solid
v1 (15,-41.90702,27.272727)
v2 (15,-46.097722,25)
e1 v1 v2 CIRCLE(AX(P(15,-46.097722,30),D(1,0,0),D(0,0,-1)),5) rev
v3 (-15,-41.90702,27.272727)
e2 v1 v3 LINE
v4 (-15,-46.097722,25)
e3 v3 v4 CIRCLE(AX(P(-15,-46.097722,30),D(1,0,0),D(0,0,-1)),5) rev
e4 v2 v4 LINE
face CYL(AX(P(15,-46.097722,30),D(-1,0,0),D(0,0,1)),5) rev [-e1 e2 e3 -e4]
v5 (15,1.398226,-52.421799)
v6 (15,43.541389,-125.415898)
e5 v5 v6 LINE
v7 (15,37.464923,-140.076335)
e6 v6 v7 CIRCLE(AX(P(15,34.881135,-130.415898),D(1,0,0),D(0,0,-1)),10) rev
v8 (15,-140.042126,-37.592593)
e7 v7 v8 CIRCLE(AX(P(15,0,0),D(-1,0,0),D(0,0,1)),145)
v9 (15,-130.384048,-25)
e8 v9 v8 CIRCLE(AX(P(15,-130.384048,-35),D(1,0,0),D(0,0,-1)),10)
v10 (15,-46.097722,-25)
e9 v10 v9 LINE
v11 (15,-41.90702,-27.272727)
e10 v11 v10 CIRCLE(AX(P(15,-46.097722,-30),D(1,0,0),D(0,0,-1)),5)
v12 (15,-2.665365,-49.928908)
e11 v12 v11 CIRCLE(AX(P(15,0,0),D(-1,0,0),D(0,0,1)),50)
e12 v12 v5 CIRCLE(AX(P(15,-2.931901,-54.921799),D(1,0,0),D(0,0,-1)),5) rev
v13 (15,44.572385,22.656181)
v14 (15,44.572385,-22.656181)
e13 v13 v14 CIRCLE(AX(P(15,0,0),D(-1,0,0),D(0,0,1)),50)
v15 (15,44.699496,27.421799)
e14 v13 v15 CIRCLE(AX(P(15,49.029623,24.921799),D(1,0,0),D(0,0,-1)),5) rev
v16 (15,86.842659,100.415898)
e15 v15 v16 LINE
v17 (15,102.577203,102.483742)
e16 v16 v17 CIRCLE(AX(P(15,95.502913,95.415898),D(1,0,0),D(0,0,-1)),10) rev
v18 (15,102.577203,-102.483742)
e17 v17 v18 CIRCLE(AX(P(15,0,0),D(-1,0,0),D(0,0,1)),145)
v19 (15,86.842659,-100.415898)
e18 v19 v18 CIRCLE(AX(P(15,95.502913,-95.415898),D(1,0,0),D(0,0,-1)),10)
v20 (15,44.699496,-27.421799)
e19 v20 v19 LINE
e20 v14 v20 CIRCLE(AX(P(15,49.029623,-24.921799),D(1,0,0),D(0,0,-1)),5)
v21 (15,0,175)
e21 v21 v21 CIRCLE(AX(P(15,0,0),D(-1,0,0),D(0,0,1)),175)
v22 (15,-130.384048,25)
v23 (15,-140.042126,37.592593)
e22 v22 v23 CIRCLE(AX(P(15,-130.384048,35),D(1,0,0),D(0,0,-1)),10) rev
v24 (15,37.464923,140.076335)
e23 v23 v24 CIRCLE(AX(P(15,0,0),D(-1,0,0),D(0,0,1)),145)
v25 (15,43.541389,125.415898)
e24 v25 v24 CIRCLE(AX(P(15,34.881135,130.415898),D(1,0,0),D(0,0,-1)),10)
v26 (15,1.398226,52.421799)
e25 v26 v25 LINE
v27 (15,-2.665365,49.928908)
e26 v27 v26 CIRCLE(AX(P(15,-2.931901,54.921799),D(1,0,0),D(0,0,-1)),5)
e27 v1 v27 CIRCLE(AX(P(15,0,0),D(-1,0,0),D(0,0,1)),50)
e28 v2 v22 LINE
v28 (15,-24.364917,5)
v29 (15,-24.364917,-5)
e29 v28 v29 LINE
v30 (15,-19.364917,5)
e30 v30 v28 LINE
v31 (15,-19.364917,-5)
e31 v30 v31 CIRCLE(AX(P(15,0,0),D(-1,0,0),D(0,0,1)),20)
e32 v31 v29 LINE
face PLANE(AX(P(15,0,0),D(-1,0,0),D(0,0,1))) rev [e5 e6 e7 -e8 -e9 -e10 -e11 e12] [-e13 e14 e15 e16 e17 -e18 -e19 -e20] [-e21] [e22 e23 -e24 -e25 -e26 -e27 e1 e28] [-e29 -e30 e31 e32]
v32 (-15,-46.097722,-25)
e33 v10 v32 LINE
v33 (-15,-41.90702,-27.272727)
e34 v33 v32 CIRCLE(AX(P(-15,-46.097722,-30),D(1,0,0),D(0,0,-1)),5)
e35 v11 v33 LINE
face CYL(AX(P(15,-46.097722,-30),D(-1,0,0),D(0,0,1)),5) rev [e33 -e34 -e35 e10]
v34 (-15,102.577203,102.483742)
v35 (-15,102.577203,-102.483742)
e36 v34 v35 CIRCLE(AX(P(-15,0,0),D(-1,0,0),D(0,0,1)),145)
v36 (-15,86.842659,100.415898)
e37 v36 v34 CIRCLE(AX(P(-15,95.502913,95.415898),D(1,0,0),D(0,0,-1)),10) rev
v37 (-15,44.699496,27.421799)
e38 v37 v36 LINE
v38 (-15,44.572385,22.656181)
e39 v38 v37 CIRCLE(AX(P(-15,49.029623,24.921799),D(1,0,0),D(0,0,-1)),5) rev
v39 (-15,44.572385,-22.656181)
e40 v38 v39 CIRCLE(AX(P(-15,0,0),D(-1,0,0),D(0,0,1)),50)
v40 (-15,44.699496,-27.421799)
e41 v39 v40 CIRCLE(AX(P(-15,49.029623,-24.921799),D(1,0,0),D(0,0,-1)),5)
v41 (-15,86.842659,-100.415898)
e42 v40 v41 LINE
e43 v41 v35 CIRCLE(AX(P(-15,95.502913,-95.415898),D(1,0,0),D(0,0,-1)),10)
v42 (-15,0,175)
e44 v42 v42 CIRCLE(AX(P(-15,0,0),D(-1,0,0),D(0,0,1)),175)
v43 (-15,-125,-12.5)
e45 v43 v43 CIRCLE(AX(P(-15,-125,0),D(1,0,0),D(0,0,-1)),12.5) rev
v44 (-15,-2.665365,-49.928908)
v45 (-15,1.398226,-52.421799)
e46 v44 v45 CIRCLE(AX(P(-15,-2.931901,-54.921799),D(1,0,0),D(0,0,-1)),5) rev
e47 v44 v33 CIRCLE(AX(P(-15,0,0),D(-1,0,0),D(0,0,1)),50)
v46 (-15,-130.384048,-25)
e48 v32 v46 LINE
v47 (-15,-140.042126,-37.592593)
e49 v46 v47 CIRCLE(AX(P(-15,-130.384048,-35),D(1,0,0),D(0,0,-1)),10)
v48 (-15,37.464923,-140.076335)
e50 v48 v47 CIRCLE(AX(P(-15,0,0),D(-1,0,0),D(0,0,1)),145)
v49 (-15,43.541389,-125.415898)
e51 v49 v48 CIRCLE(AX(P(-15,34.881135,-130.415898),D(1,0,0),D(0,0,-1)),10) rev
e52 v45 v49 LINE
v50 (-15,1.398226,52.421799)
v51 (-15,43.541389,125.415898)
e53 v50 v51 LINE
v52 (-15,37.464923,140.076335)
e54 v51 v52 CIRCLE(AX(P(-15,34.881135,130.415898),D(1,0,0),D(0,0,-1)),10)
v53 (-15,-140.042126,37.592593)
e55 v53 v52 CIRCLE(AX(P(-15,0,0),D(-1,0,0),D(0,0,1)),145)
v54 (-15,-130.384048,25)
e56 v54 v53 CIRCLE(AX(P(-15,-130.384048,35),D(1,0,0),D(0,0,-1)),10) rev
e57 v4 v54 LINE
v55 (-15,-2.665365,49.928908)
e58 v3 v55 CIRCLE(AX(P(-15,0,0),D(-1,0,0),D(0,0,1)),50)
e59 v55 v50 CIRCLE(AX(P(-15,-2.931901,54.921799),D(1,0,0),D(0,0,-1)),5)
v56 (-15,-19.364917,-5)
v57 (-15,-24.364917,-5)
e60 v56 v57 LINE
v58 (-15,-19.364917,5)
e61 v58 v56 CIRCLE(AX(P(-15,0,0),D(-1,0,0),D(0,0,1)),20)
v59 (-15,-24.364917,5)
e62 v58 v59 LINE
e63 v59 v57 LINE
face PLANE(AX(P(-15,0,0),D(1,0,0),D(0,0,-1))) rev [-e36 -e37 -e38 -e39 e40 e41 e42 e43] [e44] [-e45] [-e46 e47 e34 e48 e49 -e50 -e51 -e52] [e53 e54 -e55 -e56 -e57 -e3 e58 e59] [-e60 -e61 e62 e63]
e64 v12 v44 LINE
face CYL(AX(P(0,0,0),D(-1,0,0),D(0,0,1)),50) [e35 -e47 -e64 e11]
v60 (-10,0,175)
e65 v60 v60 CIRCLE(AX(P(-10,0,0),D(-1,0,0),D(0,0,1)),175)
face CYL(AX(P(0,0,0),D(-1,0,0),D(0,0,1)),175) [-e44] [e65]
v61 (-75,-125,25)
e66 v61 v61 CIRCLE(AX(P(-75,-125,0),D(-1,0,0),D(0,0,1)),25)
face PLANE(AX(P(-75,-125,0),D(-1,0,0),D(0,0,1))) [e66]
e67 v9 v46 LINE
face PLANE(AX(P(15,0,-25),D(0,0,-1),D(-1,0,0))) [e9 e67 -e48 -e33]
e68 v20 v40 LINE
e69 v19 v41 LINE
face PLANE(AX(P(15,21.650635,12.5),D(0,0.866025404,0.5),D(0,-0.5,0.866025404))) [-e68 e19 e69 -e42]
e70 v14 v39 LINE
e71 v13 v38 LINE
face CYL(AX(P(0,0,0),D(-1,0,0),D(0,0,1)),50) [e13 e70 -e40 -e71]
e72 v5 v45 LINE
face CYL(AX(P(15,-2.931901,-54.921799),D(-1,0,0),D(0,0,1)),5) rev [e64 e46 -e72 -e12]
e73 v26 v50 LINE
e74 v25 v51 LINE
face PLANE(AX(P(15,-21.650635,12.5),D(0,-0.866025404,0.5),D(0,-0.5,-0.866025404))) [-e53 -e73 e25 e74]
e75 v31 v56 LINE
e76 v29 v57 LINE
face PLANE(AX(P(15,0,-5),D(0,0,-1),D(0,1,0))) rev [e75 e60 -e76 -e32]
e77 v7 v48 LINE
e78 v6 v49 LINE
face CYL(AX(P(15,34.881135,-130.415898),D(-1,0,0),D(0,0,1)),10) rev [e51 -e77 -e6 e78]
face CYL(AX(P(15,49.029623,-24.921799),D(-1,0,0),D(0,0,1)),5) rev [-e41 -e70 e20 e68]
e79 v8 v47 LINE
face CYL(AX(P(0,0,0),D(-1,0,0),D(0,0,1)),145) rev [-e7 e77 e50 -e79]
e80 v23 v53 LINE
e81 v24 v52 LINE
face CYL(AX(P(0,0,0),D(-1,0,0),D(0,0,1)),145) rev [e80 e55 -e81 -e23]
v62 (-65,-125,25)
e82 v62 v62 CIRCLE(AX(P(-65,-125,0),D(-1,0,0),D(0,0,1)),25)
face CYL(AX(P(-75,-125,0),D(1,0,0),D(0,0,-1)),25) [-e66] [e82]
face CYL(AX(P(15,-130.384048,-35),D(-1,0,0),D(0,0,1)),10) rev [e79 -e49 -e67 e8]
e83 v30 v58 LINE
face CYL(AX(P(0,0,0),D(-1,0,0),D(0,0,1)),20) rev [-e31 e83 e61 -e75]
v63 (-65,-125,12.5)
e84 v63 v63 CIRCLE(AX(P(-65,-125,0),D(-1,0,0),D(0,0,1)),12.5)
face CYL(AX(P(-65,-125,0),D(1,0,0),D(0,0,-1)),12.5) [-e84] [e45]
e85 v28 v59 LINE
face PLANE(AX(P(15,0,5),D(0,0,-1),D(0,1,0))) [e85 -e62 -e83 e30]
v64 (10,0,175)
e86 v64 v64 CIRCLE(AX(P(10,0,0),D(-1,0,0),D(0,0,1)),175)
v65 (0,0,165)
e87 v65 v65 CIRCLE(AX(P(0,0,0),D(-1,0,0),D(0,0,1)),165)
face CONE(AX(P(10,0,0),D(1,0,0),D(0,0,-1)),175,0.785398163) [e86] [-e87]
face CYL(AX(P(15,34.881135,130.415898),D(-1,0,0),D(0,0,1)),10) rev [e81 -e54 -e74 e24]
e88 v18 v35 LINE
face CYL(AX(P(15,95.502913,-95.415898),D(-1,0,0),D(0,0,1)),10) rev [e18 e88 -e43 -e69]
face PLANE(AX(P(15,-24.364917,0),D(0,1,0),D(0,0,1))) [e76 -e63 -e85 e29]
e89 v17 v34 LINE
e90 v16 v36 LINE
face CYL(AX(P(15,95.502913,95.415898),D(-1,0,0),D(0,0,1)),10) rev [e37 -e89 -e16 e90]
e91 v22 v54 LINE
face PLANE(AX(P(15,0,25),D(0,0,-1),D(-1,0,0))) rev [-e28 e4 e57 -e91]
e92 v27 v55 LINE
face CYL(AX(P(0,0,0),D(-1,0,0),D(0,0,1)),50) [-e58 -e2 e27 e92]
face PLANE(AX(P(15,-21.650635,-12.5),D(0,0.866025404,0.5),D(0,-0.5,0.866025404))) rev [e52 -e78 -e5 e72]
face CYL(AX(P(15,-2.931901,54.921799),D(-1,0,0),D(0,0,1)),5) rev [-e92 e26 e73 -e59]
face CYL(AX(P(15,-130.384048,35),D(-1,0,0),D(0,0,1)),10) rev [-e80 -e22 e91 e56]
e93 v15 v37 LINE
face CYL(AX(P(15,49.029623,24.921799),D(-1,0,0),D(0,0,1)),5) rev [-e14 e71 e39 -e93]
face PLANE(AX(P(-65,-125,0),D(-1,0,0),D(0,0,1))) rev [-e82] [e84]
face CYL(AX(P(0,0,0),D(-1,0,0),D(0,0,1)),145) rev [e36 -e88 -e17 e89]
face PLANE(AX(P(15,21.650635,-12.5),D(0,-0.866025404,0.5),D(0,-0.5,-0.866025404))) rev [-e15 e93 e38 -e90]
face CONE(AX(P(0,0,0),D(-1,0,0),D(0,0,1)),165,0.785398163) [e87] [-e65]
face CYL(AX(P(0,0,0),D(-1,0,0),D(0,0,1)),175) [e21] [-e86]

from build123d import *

# Parameters (mm, degrees)
SKETCH1_W           = 30
SKETCH1_H           = 30
BOSS_EXTRUDE1_DEPTH = 15
SKETCH3_R           = 12.5
BOSS_EXTRUDE2_DEPTH = 50
BOSS_EXTRUDE3_START = 50
SKETCH3_3_R         = 25
SKETCH3_3_R_2       = 12.5
BOSS_EXTRUDE3_DEPTH = 10
CUT_EXTRUDE1_DEPTH  = 255.656631565


with BuildPart() as part:
    # Sketch1 → Revolve1 (revolve)
    with BuildSketch(Plane(origin=(0, 0, 0), x_dir=(1, 0, 0), z_dir=(0, 1, 0)), mode=Mode.PRIVATE) as revolve1_sk:
        Polygon((-15, 175), (-15, 145), (15, 145), (15, 175), (10, 175), (0, 165), (-10, 175), align=None)
        with Locations((0, 35)):
            Rectangle(SKETCH1_W, SKETCH1_H)
    revolve(revolve1_sk.sketch.rotate(Axis((0, 0, 0), (1, 0, 0)), 180), axis=Axis((0, 0, 0), (1, 0, 0)))

    # Sketch2 → Boss-Extrude1 (add, symmetric)
    with BuildSketch(Plane(origin=(0, 0, 0), x_dir=(0, 0, -1), z_dir=(1, 0, 0))):
        with BuildLine():
            Line((25, -130.384048104), (25, -46.097722286))
            ThreePointArc((25, -46.097722286), (25.604754635, -43.714065813), (27.272727273, -41.90702026))
            ThreePointArc((27.272727273, -41.90702026), (0, -50), (-27.272727273, -41.90702026))
            ThreePointArc((-27.272727273, -41.90702026), (-25.604754635, -43.714065813), (-25, -46.097722286))
            Line((-25, -46.097722286), (-25, -130.384048104))
            ThreePointArc((-25, -130.384048104), (-28.914193805, -138.31896858), (-37.592592593, -140.042125741))
            ThreePointArc((-37.592592593, -140.042125741), (0, -145), (37.592592593, -140.042125741))
            ThreePointArc((37.592592593, -140.042125741), (28.914193805, -138.31896858), (25, -130.384048104))
        make_face()
        with BuildLine():
            ThreePointArc((-52.421798557, 1.398226049), (-50.659868815, -0.317335065), (-49.928907779, -2.665364518))
            ThreePointArc((-49.928907779, -2.665364518), (-43.301270189, 25), (-22.656180506, 44.572384779))
            ThreePointArc((-22.656180506, 44.572384779), (-25.05511418, 44.031400878), (-27.421798557, 44.699496238))
            Line((-27.421798557, 44.699496238), (-100.415897906, 86.842659147))
            ThreePointArc((-100.415897906, 86.842659147), (-105.330643713, 94.199910656), (-102.483742196, 102.57720305))
            ThreePointArc((-102.483742196, 102.57720305), (-125.573683549, 72.5), (-140.076334788, 37.464922691))
            ThreePointArc((-140.076334788, 37.464922691), (-134.244837518, 44.119057925), (-125.415897906, 43.541388957))
            Line((-125.415897906, 43.541388957), (-52.421798557, 1.398226049))
        make_face()
        with BuildLine():
            ThreePointArc((22.656180506, 44.572384779), (43.301270189, 25), (49.928907779, -2.665364518))
            ThreePointArc((49.928907779, -2.665364518), (50.659868815, -0.317335065), (52.421798557, 1.398226049))
            Line((52.421798557, 1.398226049), (125.415897906, 43.541388957))
            ThreePointArc((125.415897906, 43.541388957), (134.244837518, 44.119057925), (140.076334788, 37.464922691))
            ThreePointArc((140.076334788, 37.464922691), (125.573683549, 72.5), (102.483742196, 102.57720305))
            ThreePointArc((102.483742196, 102.57720305), (105.330643713, 94.199910656), (100.415897906, 86.842659147))
            Line((100.415897906, 86.842659147), (27.421798557, 44.699496238))
            ThreePointArc((27.421798557, 44.699496238), (25.05511418, 44.031400878), (22.656180506, 44.572384779))
        make_face()
    extrude(amount=BOSS_EXTRUDE1_DEPTH, both=True)

    # Sketch3 → Boss-Extrude2 (add)
    with BuildSketch(Plane.ZY.offset(15)):
        with Locations(Location((0, -125, 0), (0, 0, 180))):
            Circle(SKETCH3_R)
    extrude(amount=BOSS_EXTRUDE2_DEPTH)

    # Sketch3<3> → Boss-Extrude3 (add)
    # profile 1 of 2: a face of its own
    with BuildSketch(Plane.ZY.offset(15).offset(BOSS_EXTRUDE3_START)):
        with Locations((0, -125)):
            Circle(SKETCH3_3_R)
        with Locations(Location((0, -125, 0), (0, 0, 180))):
            Circle(SKETCH3_3_R_2, mode=Mode.SUBTRACT)
    # profile 2 of 2: a face of its own
    with BuildSketch(Plane.ZY.offset(15).offset(BOSS_EXTRUDE3_START)):
        with Locations(Location((0, -125, 0), (0, 0, 180))):
            Circle(SKETCH3_3_R_2)
    extrude(amount=BOSS_EXTRUDE3_DEPTH)

    # Sketch4 → Cut-Extrude1 (cut, through all)
    with BuildSketch(Plane.ZY.offset(15)):
        with BuildLine():
            Line((5, -24.364916731), (5, -19.364916731))
            ThreePointArc((5, -19.364916731), (0, -20), (-5, -19.364916731))
            Line((-5, -19.364916731), (-5, -24.364916731))
            Line((-5, -24.364916731), (5, -24.364916731))
        make_face()
    extrude(amount=-CUT_EXTRUDE1_DEPTH, mode=Mode.SUBTRACT)


solid = part.part
